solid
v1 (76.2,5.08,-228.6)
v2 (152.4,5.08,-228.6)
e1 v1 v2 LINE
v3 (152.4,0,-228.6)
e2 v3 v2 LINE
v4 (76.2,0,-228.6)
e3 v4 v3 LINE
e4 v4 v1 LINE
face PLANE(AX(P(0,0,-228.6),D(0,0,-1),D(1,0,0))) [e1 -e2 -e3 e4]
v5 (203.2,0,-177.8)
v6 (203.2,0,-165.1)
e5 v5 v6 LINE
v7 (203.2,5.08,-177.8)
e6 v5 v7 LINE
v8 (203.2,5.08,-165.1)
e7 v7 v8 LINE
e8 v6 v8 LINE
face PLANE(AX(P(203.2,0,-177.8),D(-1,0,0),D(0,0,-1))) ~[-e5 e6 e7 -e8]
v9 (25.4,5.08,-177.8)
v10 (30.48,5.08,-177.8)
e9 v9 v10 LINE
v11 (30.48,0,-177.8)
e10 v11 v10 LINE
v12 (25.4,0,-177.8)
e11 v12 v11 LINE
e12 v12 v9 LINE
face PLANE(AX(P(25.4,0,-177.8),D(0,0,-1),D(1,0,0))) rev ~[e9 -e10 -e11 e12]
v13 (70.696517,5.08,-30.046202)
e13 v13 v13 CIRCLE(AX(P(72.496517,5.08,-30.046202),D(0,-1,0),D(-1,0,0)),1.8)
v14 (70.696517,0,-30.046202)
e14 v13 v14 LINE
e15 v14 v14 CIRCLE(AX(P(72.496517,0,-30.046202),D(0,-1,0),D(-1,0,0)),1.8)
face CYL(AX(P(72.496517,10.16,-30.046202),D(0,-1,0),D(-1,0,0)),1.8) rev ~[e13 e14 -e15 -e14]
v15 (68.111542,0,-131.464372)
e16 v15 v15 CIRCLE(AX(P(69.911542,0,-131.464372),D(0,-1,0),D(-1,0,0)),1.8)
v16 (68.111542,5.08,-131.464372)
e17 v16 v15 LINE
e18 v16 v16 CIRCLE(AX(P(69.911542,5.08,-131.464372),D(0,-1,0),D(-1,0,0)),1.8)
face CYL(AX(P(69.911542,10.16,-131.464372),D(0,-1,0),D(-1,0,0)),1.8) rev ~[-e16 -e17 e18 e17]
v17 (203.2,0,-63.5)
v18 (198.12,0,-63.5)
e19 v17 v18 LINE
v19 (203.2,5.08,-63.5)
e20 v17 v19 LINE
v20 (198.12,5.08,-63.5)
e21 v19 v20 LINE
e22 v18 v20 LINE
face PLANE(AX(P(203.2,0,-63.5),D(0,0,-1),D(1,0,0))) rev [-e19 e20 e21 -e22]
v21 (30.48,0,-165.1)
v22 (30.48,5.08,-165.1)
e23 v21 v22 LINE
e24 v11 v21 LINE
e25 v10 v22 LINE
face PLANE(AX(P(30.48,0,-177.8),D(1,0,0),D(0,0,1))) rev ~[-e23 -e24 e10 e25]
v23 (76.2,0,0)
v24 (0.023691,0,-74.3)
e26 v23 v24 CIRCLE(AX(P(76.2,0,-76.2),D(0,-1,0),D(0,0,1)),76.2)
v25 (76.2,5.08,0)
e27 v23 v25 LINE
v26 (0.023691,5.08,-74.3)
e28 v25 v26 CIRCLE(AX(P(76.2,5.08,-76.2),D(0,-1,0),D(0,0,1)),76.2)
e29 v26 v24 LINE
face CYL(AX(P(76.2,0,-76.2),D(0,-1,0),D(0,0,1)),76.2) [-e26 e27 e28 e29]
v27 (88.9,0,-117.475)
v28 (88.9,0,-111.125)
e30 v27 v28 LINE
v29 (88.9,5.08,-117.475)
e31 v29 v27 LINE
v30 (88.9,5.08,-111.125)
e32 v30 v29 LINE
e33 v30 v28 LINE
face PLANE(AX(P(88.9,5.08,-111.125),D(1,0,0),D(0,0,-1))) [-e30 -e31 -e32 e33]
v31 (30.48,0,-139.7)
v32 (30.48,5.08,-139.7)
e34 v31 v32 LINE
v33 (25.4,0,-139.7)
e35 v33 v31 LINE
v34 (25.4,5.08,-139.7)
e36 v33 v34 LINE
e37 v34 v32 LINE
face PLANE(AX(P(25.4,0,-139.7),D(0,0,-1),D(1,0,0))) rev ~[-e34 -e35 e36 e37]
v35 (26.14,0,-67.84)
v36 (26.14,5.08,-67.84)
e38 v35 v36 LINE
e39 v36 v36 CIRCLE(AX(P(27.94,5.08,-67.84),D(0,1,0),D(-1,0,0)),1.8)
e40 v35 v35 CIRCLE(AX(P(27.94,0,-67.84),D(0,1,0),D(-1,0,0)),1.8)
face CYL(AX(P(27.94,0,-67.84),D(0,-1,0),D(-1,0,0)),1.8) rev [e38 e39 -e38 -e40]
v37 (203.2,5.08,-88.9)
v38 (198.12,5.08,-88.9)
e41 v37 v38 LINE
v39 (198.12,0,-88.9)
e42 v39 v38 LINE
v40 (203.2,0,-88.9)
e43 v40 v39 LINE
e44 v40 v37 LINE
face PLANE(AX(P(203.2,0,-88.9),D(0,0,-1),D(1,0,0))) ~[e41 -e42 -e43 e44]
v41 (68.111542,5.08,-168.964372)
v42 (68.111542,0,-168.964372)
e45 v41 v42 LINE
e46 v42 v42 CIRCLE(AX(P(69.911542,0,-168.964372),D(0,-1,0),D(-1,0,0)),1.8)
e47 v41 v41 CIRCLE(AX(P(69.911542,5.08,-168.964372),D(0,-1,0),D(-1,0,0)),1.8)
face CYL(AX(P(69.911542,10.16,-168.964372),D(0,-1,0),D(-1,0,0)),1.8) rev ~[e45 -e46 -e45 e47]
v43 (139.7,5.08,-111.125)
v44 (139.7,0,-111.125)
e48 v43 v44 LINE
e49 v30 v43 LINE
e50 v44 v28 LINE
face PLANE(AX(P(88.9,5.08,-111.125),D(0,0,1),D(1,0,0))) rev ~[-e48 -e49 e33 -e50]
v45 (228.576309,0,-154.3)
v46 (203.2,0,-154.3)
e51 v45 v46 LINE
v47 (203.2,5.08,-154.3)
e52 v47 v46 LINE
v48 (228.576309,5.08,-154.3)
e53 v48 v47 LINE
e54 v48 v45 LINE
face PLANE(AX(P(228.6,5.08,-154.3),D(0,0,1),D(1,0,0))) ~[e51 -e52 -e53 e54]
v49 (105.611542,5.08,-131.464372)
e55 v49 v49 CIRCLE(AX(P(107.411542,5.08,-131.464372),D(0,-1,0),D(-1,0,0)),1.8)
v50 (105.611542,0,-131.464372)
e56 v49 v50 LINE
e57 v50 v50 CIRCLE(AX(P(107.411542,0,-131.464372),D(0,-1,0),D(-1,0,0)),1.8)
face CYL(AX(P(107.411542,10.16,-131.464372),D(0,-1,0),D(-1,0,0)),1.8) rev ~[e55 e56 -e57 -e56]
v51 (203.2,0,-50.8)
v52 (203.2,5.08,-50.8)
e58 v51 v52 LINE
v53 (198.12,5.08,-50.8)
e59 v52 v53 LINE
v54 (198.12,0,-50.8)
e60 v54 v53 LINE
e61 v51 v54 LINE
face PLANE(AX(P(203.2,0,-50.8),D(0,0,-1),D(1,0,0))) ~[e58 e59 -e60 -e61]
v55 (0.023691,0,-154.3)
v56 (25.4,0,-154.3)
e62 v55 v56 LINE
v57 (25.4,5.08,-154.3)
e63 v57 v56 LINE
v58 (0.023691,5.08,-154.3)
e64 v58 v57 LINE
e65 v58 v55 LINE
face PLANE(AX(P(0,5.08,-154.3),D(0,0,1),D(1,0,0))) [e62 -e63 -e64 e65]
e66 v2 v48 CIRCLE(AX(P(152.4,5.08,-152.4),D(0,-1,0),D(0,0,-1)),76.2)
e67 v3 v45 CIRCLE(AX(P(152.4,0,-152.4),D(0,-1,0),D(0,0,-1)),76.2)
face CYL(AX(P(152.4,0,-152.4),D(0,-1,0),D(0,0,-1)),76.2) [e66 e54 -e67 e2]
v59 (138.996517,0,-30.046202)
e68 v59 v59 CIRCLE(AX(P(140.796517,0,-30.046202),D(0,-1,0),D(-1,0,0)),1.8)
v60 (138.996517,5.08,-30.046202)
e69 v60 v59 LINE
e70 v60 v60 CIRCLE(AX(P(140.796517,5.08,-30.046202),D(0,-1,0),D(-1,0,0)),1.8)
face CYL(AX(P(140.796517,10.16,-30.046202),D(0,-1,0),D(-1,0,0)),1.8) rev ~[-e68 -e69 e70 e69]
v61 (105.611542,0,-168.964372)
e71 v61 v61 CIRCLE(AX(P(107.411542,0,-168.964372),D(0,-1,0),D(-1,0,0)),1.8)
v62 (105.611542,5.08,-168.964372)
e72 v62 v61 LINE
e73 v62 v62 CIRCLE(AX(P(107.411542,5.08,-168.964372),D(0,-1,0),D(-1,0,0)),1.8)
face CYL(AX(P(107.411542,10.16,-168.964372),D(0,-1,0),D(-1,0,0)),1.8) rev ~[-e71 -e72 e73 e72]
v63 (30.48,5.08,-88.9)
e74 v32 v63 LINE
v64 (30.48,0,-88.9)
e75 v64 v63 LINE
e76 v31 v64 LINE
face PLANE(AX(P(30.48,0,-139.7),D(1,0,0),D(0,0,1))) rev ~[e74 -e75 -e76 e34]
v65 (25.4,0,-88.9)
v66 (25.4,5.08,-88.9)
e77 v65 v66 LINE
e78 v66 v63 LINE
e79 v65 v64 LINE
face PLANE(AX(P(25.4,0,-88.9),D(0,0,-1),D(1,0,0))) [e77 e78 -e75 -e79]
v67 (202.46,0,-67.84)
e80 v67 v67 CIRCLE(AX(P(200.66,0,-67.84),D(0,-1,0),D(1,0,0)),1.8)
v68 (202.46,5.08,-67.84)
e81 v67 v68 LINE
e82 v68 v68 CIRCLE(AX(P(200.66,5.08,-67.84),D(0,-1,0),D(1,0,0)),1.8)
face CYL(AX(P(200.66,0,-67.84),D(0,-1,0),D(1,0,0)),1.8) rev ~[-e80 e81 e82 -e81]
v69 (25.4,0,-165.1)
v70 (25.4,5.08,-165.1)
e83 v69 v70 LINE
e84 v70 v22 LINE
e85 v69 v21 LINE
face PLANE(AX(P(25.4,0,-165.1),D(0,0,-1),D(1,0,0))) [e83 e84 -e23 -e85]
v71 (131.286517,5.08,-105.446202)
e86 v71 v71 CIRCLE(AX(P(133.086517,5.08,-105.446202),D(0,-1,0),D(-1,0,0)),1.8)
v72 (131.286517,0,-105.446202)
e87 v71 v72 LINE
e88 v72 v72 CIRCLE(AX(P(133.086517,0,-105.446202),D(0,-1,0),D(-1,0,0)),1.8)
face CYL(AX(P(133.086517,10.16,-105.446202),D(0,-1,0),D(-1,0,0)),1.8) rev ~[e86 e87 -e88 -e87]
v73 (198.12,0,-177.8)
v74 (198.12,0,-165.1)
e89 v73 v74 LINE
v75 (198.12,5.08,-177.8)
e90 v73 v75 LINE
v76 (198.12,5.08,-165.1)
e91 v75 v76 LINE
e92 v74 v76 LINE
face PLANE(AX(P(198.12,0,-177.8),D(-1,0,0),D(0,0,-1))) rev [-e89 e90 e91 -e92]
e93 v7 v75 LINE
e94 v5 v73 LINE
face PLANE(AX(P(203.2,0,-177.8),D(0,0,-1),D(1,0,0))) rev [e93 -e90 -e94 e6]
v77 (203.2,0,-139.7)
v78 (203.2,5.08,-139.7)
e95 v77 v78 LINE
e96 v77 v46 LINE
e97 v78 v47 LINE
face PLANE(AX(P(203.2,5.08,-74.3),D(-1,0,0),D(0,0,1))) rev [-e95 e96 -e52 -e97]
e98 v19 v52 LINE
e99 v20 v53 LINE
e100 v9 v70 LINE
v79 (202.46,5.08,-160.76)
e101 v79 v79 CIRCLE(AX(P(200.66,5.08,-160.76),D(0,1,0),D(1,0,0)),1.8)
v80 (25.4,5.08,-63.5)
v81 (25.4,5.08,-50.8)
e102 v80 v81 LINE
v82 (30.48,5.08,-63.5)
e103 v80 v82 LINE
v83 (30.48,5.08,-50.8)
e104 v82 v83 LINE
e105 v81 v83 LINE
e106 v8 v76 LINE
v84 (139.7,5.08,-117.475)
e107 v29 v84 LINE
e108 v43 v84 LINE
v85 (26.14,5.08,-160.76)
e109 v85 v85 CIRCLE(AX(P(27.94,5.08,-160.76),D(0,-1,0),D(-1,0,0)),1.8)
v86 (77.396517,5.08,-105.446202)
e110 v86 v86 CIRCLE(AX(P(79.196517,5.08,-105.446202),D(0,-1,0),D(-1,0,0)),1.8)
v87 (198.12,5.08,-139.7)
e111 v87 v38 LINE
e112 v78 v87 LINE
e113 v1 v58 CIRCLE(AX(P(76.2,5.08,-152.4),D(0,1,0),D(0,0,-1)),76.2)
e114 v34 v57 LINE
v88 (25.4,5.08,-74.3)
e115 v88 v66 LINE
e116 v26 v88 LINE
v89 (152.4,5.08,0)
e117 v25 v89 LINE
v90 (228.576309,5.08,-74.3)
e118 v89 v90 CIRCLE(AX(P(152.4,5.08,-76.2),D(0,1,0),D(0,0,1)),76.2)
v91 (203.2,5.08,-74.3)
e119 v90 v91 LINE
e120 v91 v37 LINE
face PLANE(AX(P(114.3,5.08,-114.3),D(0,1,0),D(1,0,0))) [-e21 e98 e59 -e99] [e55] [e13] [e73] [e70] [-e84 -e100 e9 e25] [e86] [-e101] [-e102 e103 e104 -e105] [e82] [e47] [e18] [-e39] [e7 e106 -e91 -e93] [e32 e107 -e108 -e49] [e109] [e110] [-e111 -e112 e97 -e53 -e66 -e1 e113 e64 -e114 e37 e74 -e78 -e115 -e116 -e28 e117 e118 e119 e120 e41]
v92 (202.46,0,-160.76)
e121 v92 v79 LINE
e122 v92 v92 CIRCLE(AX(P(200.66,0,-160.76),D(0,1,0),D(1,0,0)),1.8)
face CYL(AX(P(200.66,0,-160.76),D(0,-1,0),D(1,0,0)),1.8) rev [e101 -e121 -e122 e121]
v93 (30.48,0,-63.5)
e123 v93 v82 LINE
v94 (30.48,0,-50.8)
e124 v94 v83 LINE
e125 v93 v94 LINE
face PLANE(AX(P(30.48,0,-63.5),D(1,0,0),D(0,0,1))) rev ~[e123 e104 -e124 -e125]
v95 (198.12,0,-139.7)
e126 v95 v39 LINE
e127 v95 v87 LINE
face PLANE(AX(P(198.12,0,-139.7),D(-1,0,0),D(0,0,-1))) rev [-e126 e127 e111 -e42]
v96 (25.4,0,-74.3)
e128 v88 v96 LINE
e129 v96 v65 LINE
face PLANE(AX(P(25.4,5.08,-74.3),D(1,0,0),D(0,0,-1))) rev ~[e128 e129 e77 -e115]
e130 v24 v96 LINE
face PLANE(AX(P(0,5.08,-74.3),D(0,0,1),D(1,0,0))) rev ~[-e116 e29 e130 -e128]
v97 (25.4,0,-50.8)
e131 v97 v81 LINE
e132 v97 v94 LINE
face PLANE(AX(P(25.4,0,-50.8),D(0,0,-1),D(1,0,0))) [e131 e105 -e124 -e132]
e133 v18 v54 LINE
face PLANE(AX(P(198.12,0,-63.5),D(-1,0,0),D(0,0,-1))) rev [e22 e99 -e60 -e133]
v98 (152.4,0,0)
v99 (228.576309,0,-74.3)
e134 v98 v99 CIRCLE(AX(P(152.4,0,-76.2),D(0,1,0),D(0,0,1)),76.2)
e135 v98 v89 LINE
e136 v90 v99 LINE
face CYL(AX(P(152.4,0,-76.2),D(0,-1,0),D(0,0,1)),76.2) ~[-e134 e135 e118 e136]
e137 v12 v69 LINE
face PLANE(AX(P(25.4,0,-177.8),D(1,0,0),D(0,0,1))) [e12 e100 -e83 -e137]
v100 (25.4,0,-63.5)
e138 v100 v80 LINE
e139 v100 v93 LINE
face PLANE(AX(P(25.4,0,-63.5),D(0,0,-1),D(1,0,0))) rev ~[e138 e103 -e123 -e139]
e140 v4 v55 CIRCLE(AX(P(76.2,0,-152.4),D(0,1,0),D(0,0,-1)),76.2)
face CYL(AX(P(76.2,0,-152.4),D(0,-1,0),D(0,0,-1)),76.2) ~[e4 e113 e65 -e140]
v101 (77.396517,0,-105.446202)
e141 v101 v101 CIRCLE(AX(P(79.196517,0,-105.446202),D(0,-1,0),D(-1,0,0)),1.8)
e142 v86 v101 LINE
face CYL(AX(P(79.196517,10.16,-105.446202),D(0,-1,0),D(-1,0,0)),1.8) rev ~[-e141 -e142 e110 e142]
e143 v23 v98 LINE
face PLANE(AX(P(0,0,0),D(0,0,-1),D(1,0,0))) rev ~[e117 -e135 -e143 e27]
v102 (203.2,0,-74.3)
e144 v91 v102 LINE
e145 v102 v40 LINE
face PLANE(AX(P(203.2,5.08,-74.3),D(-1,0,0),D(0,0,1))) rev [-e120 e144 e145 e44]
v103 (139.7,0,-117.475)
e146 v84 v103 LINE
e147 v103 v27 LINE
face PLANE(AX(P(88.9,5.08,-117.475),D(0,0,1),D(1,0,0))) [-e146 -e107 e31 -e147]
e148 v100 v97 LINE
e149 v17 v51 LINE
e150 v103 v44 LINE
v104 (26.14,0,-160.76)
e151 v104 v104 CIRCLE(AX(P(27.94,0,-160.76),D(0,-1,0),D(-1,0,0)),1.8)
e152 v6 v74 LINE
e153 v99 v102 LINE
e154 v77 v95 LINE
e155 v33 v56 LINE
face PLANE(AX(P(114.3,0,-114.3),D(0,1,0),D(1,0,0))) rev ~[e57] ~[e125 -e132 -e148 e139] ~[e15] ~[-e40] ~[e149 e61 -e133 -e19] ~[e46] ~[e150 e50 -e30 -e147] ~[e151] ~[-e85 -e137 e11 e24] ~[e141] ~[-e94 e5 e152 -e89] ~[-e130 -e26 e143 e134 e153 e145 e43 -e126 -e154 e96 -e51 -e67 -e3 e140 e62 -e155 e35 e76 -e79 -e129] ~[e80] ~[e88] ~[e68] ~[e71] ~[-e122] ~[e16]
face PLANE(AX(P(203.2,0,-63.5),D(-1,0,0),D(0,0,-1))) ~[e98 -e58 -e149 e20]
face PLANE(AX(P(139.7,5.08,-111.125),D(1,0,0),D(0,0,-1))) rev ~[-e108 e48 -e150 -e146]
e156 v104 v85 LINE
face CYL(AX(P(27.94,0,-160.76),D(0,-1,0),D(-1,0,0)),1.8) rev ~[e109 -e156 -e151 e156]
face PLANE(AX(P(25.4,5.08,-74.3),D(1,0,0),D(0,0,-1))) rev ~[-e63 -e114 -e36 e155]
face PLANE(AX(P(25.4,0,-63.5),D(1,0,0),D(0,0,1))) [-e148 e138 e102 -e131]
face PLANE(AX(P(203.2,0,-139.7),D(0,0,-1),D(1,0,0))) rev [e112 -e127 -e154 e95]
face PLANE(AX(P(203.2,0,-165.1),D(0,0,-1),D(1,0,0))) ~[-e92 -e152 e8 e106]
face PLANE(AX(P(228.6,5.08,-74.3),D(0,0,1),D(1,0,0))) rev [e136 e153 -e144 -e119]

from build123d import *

# Parameters (mm, degrees)
SKETCH1_W                = 228.6
SKETCH1_H                = 228.6
BOSS_EXTRUDE1_DEPTH      = 5.08
SKETCH2_W                = 25.4
SKETCH2_H                = 80
CUT_EXTRUDE1_DEPTH       = 5.08
SKETCH3_W                = 5.08
SKETCH3_H                = 12.7
SKETCH3_H_2              = 50.8
CUT_EXTRUDE2_DEPTH       = 5.08
CUT_EXTRUDE4_DEPTH       = 5.08
MIRROR4_COPY_1_DEPTH     = 5.08
CUT_EXTRUDE6_REACH       = 7.08
SKETCH7_W                = 50.8
SKETCH7_H                = 6.35
M3_CLEARANCE_HOLE1_D     = 3.6
M3_CLEARANCE_HOLE1_DEPTH = 5.08
M3_CLEARANCE_HOLE2_D     = 3.6
M3_CLEARANCE_HOLE2_DEPTH = 5.08
SKETCH19_R               = 1.799999956
CUT_EXTRUDE7_DEPTH       = 5.08
MIRROR6_COPY_1_SKETCH_R  = 1.799999956
MIRROR6_COPY_1_DEPTH     = 5.08


with BuildPart() as part:
    # Sketch1 → Boss-Extrude1 (new body)
    with BuildSketch(Plane(origin=(0, 0, 0), x_dir=(1, 0, 0), z_dir=(0, 1, 0))):
        with Locations((114.3, 114.3)):
            Rectangle(SKETCH1_W, SKETCH1_H)
    extrude(amount=BOSS_EXTRUDE1_DEPTH)

    # Sketch2 → Cut-Extrude1 (cut)
    with BuildSketch(Plane(origin=(0, 5.08, 0), x_dir=(1, 0, 0), z_dir=(0, 1, 0))):
        with Locations((12.7, 114.3)):
            Rectangle(SKETCH2_W, SKETCH2_H)
    cut_extrude1 = extrude(amount=-CUT_EXTRUDE1_DEPTH, mode=Mode.SUBTRACT)

    # Mirror1: Cut-Extrude1 across plane
    add(cut_extrude1.mirror(Plane.ZY.offset(-114.3)), mode=Mode.SUBTRACT)

    # Sketch3 → Cut-Extrude2 (cut)
    with BuildSketch(Plane.XZ):
        with Locations((27.94, -171.45)):
            Rectangle(SKETCH3_W, SKETCH3_H)
        with Locations((27.94, -114.3)):
            Rectangle(SKETCH3_W, SKETCH3_H_2)
        with Locations((27.94, -57.15)):
            Rectangle(SKETCH3_W, SKETCH3_H)
    cut_extrude2 = extrude(amount=-CUT_EXTRUDE2_DEPTH, mode=Mode.SUBTRACT)

    # Mirror2: Cut-Extrude2 across plane
    add(cut_extrude2.mirror(Plane.ZY.offset(-114.3)), mode=Mode.SUBTRACT)

    # Sketch5 → Cut-Extrude4 (cut)
    with BuildSketch(Plane.XZ):
        with BuildLine():
            Line((0, -76.2), (0, 0))
            Line((0, 0), (76.2, 0))
            ThreePointArc((76.2, 0), (22.318463274, -22.318463274), (0, -76.2))
        make_face()
    cut_extrude4 = extrude(amount=-CUT_EXTRUDE4_DEPTH, mode=Mode.SUBTRACT)

    # Mirror3: Cut-Extrude4 across plane
    add(cut_extrude4.mirror(Plane.ZY.offset(-114.3)), mode=Mode.SUBTRACT)

    # Mirror4: Cut-Extrude4 across plane
    add(cut_extrude4.mirror(Plane.XY.offset(-114.3)), mode=Mode.SUBTRACT)

    # Mirror4 copy 1 sketch → Mirror4 copy 1 (cut)
    with BuildSketch(Plane(origin=(228.6, 0, -228.6), x_dir=(-1, 0, 0), z_dir=(0, -1, 0))):
        with BuildLine():
            Line((0, -76.2), (0, 0))
            Line((0, 0), (76.2, 0))
            ThreePointArc((76.2, 0), (22.318463274, -22.318463274), (0, -76.2))
        make_face()
    extrude(amount=-MIRROR4_COPY_1_DEPTH, mode=Mode.SUBTRACT)

    # Sketch7 → Cut-Extrude6 (cut, up to next)
    with BuildSketch(Plane(origin=(0, 5.08, 0), x_dir=(1, 0, 0), z_dir=(0, 1, 0)), mode=Mode.PRIVATE) as cut_extrude6_sk1:
        with Locations((114.3, 114.3)):
            Rectangle(SKETCH7_W, SKETCH7_H)
    cut_extrude6_tool1 = extrude(cut_extrude6_sk1.sketch, amount=-CUT_EXTRUDE6_REACH, mode=Mode.PRIVATE) & part.part
    add(cut_extrude6_tool1.solids().sort_by_distance((114.3, 5.08, -114.3))[0], mode=Mode.SUBTRACT)

    # M3 Clearance Hole1
    with Locations(Plane(origin=(0, 5.08, 0), x_dir=(1, 0, 0), z_dir=(0, 1, 0))):
        with Locations((107.41154214, 131.464372429), (107.41154214, 168.964372429), (69.91154214, 131.464372429), (69.91154214, 168.964372429)):
            Hole(M3_CLEARANCE_HOLE1_D / 2, depth=M3_CLEARANCE_HOLE1_DEPTH)

    # M3 Clearance Hole2
    with Locations(Plane(origin=(0, 5.08, 0), x_dir=(1, 0, 0), z_dir=(0, 1, 0))):
        with Locations((72.49651655, 30.046201608), (140.79651655, 30.046201608), (79.19651655, 105.446201608), (133.08651655, 105.446201608)):
            Hole(M3_CLEARANCE_HOLE2_D / 2, depth=M3_CLEARANCE_HOLE2_DEPTH)

    # Sketch19 → Cut-Extrude7 (cut)
    with BuildSketch(Plane.XZ):
        with Locations((200.66, -67.839999956)):
            Circle(SKETCH19_R)
    cut_extrude7 = extrude(amount=-CUT_EXTRUDE7_DEPTH, mode=Mode.SUBTRACT)

    # Mirror5: Cut-Extrude7 across plane
    add(cut_extrude7.mirror(Plane.XY.offset(-114.3)), mode=Mode.SUBTRACT)

    # Mirror6: Cut-Extrude7 across plane
    add(cut_extrude7.mirror(Plane.ZY.offset(-114.3)), mode=Mode.SUBTRACT)

    # Mirror6 copy 1 sketch → Mirror6 copy 1 (cut)
    with BuildSketch(Plane(origin=(228.6, 0, -228.6), x_dir=(-1, 0, 0), z_dir=(0, -1, 0))):
        with Locations((200.66, -67.839999956)):
            Circle(MIRROR6_COPY_1_SKETCH_R)
    extrude(amount=-MIRROR6_COPY_1_DEPTH, mode=Mode.SUBTRACT)


solid = part.part
